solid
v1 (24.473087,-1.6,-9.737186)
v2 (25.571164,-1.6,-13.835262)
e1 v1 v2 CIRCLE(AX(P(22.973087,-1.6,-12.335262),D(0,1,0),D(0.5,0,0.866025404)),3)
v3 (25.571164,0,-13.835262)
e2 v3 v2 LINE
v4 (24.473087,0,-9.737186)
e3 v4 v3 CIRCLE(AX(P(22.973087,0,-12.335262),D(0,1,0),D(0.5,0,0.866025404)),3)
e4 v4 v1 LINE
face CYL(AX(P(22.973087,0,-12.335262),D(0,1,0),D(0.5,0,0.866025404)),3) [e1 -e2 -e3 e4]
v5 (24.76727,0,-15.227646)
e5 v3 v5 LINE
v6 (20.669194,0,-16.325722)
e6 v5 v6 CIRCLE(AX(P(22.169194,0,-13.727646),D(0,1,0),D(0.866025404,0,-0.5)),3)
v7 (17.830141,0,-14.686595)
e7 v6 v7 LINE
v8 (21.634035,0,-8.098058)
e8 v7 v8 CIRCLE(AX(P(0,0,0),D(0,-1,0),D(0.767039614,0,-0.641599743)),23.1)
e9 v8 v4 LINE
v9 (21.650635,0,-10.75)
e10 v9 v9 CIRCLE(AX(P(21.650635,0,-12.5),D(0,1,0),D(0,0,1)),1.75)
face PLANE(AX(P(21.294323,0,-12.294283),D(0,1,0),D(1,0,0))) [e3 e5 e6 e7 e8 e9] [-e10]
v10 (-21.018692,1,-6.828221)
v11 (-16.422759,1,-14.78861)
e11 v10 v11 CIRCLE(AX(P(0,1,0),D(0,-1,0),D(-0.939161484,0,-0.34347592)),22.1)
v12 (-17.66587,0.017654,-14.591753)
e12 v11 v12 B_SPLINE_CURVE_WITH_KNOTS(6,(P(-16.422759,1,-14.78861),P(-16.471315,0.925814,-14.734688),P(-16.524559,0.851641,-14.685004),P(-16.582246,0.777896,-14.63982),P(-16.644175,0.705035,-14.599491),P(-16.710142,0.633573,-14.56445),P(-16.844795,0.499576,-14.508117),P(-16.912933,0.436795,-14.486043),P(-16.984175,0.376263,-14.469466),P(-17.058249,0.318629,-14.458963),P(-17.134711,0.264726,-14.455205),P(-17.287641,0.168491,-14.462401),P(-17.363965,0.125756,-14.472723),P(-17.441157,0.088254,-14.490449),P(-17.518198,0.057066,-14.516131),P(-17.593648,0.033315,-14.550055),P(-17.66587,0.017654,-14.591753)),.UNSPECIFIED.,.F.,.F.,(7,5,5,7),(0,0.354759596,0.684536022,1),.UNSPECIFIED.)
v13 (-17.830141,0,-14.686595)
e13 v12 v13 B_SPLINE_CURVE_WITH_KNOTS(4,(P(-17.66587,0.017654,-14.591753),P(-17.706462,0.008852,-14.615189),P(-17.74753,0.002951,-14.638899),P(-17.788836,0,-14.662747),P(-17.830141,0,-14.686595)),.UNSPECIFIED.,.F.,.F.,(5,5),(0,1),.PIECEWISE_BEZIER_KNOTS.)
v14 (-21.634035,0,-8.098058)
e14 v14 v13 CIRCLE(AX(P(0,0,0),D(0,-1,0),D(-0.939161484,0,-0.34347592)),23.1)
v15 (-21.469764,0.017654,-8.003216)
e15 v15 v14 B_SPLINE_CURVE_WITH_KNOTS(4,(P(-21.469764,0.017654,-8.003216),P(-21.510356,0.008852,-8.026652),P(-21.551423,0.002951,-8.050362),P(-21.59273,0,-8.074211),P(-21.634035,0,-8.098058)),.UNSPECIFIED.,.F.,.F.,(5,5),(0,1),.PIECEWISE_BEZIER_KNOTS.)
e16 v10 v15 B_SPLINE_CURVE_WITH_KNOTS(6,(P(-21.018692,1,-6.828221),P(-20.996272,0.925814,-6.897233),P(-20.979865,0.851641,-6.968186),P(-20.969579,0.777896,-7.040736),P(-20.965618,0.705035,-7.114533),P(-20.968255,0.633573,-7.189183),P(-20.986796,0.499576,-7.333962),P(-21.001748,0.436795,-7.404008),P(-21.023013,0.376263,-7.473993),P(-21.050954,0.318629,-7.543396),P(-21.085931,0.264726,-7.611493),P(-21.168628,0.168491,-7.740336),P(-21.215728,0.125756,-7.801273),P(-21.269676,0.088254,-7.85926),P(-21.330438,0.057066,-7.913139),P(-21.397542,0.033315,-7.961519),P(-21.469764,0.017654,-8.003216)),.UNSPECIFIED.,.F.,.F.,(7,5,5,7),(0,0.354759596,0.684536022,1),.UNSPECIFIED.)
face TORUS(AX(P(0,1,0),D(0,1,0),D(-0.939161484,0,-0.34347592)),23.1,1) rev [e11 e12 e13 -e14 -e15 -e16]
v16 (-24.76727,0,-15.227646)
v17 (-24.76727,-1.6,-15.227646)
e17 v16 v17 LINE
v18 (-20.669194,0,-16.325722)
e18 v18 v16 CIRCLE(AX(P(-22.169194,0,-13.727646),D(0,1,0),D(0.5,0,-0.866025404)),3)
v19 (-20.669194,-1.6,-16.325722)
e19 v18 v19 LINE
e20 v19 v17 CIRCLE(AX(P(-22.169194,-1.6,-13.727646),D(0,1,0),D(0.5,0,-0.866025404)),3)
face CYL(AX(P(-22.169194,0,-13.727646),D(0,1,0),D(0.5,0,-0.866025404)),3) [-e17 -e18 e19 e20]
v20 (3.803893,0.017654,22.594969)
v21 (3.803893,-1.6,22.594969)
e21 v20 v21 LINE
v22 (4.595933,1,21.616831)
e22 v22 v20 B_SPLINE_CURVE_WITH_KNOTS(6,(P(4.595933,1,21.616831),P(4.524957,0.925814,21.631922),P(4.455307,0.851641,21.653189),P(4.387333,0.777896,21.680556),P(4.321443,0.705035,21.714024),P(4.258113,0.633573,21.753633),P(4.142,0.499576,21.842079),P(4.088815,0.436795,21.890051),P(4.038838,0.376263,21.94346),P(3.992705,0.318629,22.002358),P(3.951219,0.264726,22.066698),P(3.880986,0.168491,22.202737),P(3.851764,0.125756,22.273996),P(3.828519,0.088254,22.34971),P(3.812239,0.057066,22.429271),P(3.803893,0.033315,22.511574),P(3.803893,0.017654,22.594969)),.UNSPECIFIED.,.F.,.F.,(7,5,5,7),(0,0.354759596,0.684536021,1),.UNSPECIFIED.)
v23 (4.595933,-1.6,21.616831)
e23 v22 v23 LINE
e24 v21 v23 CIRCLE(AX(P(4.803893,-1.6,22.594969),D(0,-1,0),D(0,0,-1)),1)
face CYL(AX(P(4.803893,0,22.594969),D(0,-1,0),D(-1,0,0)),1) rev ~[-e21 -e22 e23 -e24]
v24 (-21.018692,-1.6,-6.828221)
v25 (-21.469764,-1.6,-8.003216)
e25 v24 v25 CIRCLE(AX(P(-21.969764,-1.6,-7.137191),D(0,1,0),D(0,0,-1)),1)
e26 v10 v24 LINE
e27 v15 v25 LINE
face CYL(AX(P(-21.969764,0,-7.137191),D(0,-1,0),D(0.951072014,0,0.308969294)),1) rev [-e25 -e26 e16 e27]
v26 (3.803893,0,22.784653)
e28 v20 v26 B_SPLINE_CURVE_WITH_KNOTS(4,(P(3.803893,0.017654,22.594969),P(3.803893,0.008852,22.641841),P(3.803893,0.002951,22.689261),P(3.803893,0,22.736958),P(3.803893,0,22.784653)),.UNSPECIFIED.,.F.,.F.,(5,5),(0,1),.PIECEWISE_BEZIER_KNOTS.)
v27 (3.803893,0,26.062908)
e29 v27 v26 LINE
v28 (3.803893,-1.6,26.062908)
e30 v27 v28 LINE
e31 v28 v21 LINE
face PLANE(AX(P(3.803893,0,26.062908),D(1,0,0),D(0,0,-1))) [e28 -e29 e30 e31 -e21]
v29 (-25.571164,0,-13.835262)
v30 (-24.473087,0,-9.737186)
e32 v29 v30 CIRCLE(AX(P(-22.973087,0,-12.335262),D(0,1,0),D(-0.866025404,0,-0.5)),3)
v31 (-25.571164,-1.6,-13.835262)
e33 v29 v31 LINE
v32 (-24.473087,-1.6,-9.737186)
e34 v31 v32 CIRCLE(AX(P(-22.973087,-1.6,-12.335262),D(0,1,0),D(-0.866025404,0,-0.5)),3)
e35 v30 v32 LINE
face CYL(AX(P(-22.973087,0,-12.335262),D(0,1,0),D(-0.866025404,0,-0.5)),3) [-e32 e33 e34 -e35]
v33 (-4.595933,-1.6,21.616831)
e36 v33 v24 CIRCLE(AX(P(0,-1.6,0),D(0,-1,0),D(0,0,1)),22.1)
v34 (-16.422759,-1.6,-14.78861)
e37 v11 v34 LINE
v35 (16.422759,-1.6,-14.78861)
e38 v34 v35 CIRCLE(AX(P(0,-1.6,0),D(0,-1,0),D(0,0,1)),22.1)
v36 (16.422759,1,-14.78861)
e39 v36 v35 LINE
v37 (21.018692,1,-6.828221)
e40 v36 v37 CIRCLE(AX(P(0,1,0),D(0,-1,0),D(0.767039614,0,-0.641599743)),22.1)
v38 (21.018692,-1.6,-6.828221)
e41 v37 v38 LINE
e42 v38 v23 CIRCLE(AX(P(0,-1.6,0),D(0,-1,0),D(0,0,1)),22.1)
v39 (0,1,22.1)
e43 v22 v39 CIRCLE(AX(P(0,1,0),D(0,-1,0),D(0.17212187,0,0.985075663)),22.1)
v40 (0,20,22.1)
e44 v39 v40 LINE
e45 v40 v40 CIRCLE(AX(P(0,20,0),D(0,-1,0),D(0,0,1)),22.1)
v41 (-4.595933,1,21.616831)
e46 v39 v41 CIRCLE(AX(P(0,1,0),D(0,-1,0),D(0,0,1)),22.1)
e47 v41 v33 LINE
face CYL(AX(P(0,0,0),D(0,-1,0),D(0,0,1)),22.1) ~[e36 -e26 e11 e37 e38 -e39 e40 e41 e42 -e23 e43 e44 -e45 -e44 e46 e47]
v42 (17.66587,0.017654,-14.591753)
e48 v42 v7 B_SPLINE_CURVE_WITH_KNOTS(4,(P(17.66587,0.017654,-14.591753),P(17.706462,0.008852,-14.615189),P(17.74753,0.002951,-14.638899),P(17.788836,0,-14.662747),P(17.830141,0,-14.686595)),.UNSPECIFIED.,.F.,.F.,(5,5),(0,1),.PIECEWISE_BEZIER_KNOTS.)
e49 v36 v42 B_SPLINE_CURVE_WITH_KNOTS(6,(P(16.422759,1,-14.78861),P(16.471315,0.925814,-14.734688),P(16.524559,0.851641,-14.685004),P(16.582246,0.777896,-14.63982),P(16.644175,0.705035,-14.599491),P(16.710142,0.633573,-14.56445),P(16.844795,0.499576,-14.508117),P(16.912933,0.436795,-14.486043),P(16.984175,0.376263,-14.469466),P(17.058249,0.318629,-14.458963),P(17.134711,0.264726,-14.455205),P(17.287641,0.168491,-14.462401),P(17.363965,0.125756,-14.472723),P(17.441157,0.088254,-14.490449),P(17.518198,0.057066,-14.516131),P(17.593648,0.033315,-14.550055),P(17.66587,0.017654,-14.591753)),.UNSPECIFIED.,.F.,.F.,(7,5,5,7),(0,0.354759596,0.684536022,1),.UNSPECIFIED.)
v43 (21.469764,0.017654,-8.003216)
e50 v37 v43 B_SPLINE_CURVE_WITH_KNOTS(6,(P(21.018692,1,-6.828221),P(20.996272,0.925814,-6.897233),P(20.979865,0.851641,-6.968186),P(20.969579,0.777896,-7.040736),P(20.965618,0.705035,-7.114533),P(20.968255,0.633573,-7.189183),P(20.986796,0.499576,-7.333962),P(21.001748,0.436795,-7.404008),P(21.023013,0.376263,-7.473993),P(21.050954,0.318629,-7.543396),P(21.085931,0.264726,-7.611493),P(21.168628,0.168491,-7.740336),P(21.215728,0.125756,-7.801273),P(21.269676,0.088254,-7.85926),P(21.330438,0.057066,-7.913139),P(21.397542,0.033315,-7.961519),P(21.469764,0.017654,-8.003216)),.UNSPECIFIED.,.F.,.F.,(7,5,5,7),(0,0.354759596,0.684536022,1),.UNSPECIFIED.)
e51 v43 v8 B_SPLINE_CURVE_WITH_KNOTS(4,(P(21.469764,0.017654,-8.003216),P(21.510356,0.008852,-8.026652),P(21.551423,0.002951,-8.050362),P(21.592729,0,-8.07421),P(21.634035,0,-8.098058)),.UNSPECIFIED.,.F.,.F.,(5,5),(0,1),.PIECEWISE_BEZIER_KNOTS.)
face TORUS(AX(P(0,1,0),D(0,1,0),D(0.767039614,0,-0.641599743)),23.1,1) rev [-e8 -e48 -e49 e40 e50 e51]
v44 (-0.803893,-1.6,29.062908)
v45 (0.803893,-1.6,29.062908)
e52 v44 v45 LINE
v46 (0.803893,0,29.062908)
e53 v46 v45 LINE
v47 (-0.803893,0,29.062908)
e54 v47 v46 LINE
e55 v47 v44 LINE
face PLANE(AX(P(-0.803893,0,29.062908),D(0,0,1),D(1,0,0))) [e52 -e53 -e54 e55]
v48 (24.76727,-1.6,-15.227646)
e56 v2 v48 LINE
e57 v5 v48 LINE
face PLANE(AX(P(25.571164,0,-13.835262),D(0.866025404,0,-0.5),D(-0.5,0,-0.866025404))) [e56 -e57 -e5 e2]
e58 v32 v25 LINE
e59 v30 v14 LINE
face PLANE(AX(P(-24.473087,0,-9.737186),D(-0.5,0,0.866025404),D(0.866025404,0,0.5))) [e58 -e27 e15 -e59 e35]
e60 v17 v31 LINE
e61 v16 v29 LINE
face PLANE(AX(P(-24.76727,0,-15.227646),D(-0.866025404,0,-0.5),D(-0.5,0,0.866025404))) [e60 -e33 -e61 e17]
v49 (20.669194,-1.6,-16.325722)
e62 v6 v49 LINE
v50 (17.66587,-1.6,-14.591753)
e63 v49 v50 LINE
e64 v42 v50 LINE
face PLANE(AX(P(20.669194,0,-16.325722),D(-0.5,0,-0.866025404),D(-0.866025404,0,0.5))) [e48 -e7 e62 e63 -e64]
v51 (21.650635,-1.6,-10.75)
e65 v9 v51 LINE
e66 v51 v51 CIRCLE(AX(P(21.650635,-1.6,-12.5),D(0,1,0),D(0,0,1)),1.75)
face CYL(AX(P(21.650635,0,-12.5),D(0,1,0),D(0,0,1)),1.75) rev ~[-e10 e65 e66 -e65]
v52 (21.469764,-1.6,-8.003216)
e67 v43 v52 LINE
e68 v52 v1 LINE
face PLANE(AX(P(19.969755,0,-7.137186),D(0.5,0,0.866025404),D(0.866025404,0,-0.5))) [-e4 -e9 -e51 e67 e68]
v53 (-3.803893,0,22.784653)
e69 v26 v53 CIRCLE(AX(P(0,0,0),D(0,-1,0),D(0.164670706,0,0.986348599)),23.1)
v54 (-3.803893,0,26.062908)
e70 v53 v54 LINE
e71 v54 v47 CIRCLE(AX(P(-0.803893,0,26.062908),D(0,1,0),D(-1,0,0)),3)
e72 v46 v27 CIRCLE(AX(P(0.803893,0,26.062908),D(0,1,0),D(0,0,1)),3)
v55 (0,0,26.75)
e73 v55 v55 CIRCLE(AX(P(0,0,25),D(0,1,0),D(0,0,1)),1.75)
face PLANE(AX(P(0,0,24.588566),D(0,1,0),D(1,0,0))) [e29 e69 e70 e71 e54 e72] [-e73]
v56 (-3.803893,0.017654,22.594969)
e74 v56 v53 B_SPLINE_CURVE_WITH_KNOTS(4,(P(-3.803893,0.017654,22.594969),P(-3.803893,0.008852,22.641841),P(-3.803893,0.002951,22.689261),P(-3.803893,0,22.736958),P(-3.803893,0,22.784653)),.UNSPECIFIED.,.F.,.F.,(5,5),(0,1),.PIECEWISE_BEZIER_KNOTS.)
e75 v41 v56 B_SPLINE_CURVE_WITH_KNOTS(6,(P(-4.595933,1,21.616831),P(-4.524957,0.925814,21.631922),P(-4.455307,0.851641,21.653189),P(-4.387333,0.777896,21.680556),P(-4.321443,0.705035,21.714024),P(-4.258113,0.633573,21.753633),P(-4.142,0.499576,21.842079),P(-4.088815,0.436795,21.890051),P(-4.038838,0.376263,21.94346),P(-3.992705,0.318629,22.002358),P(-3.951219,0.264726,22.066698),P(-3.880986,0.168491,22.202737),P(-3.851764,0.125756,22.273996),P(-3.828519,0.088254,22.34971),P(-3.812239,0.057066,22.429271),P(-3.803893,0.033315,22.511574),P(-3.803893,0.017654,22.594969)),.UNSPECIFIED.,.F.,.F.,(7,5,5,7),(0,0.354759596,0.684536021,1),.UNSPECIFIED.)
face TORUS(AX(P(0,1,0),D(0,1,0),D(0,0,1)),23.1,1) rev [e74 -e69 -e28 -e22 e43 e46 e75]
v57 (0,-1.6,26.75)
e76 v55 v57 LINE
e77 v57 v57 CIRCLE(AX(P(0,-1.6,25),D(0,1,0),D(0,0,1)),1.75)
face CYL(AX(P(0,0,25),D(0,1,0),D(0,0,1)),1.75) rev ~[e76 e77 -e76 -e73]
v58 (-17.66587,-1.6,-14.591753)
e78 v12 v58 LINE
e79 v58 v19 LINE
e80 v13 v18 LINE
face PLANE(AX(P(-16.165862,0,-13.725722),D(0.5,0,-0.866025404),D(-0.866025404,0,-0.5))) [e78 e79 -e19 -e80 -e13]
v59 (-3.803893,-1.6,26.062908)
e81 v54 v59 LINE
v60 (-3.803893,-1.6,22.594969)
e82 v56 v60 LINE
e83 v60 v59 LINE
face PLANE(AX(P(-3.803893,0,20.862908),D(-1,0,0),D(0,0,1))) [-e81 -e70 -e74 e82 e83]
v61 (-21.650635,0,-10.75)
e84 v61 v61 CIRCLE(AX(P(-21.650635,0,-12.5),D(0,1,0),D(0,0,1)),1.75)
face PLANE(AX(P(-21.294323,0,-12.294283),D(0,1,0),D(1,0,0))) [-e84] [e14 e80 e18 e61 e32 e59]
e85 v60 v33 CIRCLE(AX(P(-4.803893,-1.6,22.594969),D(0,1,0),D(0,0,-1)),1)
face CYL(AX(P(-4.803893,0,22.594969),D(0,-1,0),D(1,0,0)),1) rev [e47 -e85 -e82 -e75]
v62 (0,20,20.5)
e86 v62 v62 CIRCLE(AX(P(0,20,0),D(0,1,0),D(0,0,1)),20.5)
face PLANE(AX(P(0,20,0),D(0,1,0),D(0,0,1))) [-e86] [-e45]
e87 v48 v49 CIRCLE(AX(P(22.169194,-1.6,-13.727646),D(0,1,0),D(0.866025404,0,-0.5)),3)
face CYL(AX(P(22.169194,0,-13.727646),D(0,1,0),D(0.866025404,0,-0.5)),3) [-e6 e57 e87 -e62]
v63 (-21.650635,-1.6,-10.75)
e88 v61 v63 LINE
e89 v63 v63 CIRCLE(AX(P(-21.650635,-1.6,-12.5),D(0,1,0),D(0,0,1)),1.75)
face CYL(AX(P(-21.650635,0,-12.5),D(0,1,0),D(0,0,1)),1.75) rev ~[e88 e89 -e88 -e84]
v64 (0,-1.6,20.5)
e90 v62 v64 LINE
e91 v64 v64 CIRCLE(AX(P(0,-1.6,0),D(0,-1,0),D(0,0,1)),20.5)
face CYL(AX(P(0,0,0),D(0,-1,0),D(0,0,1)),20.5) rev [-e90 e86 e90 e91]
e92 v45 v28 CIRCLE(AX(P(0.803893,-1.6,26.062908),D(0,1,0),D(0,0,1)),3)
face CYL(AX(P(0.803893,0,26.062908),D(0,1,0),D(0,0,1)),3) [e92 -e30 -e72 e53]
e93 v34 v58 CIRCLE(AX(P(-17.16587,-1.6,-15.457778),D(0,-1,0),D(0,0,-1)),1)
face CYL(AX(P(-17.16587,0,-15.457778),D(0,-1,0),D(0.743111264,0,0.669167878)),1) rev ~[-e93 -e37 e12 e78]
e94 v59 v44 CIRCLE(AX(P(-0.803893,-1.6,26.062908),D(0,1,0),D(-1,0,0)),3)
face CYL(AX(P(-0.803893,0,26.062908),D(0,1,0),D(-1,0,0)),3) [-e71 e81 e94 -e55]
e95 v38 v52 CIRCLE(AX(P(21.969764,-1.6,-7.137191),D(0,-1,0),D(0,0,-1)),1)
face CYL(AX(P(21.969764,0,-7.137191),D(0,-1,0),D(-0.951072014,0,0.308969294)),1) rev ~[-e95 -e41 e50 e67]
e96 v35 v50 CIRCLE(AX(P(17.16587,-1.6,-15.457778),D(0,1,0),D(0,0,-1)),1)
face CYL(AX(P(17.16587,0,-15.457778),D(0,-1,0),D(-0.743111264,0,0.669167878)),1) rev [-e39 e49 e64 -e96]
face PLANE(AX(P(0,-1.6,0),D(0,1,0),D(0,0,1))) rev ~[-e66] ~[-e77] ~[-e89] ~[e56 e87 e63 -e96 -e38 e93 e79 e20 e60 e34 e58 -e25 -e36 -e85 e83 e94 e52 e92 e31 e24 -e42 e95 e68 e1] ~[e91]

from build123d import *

# Parameters (mm, degrees)
SKETCH1_R           = 20.5
BOSS_EXTRUDE2_DEPTH = 20
SHELL1_T            = 1.6
CUT_EXTRUDE1_START  = -10
SKETCH7_R           = 20.5
CUT_EXTRUDE1_DEPTH  = 10
SKETCH8_R           = 1.75
BOSS_EXTRUDE3_DEPTH = 1.6
FILLET1_R           = 1


with BuildPart() as part:
    # Sketch1 → Boss-Extrude2 (new body)
    with BuildSketch(Plane(origin=(0, 0, 0), x_dir=(1, 0, 0), z_dir=(0, 1, 0))):
        with Locations(Location((0, 0, 0), (0, 0, 270))):
            Circle(SKETCH1_R)
    extrude(amount=BOSS_EXTRUDE2_DEPTH)

    # Shell1
    shell1_openings = [part.faces().sort_by_distance(p)[0] for p in [
        (0, 20, 0),
    ]]
    offset(amount=SHELL1_T, openings=shell1_openings, kind=Kind.INTERSECTION)

    # Sketch7 → Cut-Extrude1 (cut)
    with BuildSketch(Plane(origin=(0, 0, 0), x_dir=(1, 0, 0), z_dir=(0, 1, 0)).offset(CUT_EXTRUDE1_START)):
        with Locations(Location((0, 0, 0), (0, 0, 270))):
            Circle(SKETCH7_R)
    extrude(amount=CUT_EXTRUDE1_DEPTH, mode=Mode.SUBTRACT)

    # Sketch8 → Boss-Extrude3 (add)
    # profile 1 of 3: a face of its own
    with BuildSketch(Plane(origin=(0, 0, 0), x_dir=(1, 0, 0), z_dir=(0, 1, 0))):
        with BuildLine():
            Line((-3.803893319, -20.862908404), (-3.803893319, -26.062908404))
            ThreePointArc((-3.803893319, -26.062908404), (-2.925213663, -28.184228747), (-0.803893319, -29.062908404))
            Line((-0.803893319, -29.062908404), (0.803893319, -29.062908404))
            ThreePointArc((0.803893319, -29.062908404), (2.925213663, -28.184228747), (3.803893319, -26.062908404))
            Line((3.803893319, -26.062908404), (3.803893319, -20.862908404))
            ThreePointArc((3.803893319, -20.862908404), (0, -21.291513217), (-3.803893319, -20.862908404))
        make_face()
        with Locations(Location((0, -25, 0), (0, 0, 270))):
            Circle(SKETCH8_R, mode=Mode.SUBTRACT)
    # profile 2 of 3: a face of its own
    with BuildSketch(Plane(origin=(0, 0, 0), x_dir=(1, 0, 0), z_dir=(0, 1, 0))):
        with BuildLine():
            Line((-16.165862015, 13.725722449), (-20.669194115, 16.325722449))
            ThreePointArc((-20.669194115, 16.325722449), (-22.94565125, 16.625423717), (-24.767270326, 15.227646238))
            Line((-24.767270326, 15.227646238), (-25.571163645, 13.835262166))
            ThreePointArc((-25.571163645, 13.835262166), (-25.870864913, 11.55880503), (-24.473087434, 9.737185954))
            Line((-24.473087434, 9.737185954), (-19.969755334, 7.137185954))
            ThreePointArc((-19.969755334, 7.137185954), (-18.438991331, 10.645756608), (-16.165862015, 13.725722449))
        make_face()
        with Locations(Location((-21.650635095, 12.5, 0), (0, 0, 270))):
            Circle(SKETCH8_R, mode=Mode.SUBTRACT)
    # profile 3 of 3: a face of its own
    with BuildSketch(Plane(origin=(0, 0, 0), x_dir=(1, 0, 0), z_dir=(0, 1, 0))):
        with BuildLine():
            Line((19.969755334, 7.137185954), (24.473087434, 9.737185954))
            ThreePointArc((24.473087434, 9.737185954), (25.870864913, 11.55880503), (25.571163645, 13.835262166))
            Line((25.571163645, 13.835262166), (24.767270326, 15.227646238))
            ThreePointArc((24.767270326, 15.227646238), (22.94565125, 16.625423717), (20.669194115, 16.325722449))
            Line((20.669194115, 16.325722449), (16.165862015, 13.725722449))
            ThreePointArc((16.165862015, 13.725722449), (18.438991331, 10.645756608), (19.969755334, 7.137185954))
        make_face()
        with Locations(Location((21.650635095, 12.5, 0), (0, 0, 270))):
            Circle(SKETCH8_R, mode=Mode.SUBTRACT)
    extrude(amount=-BOSS_EXTRUDE3_DEPTH)

    # Fillet1
    fillet1_edges = [part.edges().sort_by_distance(p)[0] for p in [
        (1.909082947, 0, 22.017388635),
        (-3.803893319, -0.8, 21.770172154),
        (3.803893319, -0.8, 21.770172154),
        (-19.139161424, 0, -11.05),
        (-16.951575471, -0.8, -14.179354325),
        (-20.75546879, -0.8, -7.590817829),
        (19.139161424, 0, -11.05),
        (20.75546879, -0.8, -7.590817829),
        (16.951575471, -0.8, -14.179354325),
    ]]
    fillet(fillet1_edges, radius=FILLET1_R)


solid = part.part
